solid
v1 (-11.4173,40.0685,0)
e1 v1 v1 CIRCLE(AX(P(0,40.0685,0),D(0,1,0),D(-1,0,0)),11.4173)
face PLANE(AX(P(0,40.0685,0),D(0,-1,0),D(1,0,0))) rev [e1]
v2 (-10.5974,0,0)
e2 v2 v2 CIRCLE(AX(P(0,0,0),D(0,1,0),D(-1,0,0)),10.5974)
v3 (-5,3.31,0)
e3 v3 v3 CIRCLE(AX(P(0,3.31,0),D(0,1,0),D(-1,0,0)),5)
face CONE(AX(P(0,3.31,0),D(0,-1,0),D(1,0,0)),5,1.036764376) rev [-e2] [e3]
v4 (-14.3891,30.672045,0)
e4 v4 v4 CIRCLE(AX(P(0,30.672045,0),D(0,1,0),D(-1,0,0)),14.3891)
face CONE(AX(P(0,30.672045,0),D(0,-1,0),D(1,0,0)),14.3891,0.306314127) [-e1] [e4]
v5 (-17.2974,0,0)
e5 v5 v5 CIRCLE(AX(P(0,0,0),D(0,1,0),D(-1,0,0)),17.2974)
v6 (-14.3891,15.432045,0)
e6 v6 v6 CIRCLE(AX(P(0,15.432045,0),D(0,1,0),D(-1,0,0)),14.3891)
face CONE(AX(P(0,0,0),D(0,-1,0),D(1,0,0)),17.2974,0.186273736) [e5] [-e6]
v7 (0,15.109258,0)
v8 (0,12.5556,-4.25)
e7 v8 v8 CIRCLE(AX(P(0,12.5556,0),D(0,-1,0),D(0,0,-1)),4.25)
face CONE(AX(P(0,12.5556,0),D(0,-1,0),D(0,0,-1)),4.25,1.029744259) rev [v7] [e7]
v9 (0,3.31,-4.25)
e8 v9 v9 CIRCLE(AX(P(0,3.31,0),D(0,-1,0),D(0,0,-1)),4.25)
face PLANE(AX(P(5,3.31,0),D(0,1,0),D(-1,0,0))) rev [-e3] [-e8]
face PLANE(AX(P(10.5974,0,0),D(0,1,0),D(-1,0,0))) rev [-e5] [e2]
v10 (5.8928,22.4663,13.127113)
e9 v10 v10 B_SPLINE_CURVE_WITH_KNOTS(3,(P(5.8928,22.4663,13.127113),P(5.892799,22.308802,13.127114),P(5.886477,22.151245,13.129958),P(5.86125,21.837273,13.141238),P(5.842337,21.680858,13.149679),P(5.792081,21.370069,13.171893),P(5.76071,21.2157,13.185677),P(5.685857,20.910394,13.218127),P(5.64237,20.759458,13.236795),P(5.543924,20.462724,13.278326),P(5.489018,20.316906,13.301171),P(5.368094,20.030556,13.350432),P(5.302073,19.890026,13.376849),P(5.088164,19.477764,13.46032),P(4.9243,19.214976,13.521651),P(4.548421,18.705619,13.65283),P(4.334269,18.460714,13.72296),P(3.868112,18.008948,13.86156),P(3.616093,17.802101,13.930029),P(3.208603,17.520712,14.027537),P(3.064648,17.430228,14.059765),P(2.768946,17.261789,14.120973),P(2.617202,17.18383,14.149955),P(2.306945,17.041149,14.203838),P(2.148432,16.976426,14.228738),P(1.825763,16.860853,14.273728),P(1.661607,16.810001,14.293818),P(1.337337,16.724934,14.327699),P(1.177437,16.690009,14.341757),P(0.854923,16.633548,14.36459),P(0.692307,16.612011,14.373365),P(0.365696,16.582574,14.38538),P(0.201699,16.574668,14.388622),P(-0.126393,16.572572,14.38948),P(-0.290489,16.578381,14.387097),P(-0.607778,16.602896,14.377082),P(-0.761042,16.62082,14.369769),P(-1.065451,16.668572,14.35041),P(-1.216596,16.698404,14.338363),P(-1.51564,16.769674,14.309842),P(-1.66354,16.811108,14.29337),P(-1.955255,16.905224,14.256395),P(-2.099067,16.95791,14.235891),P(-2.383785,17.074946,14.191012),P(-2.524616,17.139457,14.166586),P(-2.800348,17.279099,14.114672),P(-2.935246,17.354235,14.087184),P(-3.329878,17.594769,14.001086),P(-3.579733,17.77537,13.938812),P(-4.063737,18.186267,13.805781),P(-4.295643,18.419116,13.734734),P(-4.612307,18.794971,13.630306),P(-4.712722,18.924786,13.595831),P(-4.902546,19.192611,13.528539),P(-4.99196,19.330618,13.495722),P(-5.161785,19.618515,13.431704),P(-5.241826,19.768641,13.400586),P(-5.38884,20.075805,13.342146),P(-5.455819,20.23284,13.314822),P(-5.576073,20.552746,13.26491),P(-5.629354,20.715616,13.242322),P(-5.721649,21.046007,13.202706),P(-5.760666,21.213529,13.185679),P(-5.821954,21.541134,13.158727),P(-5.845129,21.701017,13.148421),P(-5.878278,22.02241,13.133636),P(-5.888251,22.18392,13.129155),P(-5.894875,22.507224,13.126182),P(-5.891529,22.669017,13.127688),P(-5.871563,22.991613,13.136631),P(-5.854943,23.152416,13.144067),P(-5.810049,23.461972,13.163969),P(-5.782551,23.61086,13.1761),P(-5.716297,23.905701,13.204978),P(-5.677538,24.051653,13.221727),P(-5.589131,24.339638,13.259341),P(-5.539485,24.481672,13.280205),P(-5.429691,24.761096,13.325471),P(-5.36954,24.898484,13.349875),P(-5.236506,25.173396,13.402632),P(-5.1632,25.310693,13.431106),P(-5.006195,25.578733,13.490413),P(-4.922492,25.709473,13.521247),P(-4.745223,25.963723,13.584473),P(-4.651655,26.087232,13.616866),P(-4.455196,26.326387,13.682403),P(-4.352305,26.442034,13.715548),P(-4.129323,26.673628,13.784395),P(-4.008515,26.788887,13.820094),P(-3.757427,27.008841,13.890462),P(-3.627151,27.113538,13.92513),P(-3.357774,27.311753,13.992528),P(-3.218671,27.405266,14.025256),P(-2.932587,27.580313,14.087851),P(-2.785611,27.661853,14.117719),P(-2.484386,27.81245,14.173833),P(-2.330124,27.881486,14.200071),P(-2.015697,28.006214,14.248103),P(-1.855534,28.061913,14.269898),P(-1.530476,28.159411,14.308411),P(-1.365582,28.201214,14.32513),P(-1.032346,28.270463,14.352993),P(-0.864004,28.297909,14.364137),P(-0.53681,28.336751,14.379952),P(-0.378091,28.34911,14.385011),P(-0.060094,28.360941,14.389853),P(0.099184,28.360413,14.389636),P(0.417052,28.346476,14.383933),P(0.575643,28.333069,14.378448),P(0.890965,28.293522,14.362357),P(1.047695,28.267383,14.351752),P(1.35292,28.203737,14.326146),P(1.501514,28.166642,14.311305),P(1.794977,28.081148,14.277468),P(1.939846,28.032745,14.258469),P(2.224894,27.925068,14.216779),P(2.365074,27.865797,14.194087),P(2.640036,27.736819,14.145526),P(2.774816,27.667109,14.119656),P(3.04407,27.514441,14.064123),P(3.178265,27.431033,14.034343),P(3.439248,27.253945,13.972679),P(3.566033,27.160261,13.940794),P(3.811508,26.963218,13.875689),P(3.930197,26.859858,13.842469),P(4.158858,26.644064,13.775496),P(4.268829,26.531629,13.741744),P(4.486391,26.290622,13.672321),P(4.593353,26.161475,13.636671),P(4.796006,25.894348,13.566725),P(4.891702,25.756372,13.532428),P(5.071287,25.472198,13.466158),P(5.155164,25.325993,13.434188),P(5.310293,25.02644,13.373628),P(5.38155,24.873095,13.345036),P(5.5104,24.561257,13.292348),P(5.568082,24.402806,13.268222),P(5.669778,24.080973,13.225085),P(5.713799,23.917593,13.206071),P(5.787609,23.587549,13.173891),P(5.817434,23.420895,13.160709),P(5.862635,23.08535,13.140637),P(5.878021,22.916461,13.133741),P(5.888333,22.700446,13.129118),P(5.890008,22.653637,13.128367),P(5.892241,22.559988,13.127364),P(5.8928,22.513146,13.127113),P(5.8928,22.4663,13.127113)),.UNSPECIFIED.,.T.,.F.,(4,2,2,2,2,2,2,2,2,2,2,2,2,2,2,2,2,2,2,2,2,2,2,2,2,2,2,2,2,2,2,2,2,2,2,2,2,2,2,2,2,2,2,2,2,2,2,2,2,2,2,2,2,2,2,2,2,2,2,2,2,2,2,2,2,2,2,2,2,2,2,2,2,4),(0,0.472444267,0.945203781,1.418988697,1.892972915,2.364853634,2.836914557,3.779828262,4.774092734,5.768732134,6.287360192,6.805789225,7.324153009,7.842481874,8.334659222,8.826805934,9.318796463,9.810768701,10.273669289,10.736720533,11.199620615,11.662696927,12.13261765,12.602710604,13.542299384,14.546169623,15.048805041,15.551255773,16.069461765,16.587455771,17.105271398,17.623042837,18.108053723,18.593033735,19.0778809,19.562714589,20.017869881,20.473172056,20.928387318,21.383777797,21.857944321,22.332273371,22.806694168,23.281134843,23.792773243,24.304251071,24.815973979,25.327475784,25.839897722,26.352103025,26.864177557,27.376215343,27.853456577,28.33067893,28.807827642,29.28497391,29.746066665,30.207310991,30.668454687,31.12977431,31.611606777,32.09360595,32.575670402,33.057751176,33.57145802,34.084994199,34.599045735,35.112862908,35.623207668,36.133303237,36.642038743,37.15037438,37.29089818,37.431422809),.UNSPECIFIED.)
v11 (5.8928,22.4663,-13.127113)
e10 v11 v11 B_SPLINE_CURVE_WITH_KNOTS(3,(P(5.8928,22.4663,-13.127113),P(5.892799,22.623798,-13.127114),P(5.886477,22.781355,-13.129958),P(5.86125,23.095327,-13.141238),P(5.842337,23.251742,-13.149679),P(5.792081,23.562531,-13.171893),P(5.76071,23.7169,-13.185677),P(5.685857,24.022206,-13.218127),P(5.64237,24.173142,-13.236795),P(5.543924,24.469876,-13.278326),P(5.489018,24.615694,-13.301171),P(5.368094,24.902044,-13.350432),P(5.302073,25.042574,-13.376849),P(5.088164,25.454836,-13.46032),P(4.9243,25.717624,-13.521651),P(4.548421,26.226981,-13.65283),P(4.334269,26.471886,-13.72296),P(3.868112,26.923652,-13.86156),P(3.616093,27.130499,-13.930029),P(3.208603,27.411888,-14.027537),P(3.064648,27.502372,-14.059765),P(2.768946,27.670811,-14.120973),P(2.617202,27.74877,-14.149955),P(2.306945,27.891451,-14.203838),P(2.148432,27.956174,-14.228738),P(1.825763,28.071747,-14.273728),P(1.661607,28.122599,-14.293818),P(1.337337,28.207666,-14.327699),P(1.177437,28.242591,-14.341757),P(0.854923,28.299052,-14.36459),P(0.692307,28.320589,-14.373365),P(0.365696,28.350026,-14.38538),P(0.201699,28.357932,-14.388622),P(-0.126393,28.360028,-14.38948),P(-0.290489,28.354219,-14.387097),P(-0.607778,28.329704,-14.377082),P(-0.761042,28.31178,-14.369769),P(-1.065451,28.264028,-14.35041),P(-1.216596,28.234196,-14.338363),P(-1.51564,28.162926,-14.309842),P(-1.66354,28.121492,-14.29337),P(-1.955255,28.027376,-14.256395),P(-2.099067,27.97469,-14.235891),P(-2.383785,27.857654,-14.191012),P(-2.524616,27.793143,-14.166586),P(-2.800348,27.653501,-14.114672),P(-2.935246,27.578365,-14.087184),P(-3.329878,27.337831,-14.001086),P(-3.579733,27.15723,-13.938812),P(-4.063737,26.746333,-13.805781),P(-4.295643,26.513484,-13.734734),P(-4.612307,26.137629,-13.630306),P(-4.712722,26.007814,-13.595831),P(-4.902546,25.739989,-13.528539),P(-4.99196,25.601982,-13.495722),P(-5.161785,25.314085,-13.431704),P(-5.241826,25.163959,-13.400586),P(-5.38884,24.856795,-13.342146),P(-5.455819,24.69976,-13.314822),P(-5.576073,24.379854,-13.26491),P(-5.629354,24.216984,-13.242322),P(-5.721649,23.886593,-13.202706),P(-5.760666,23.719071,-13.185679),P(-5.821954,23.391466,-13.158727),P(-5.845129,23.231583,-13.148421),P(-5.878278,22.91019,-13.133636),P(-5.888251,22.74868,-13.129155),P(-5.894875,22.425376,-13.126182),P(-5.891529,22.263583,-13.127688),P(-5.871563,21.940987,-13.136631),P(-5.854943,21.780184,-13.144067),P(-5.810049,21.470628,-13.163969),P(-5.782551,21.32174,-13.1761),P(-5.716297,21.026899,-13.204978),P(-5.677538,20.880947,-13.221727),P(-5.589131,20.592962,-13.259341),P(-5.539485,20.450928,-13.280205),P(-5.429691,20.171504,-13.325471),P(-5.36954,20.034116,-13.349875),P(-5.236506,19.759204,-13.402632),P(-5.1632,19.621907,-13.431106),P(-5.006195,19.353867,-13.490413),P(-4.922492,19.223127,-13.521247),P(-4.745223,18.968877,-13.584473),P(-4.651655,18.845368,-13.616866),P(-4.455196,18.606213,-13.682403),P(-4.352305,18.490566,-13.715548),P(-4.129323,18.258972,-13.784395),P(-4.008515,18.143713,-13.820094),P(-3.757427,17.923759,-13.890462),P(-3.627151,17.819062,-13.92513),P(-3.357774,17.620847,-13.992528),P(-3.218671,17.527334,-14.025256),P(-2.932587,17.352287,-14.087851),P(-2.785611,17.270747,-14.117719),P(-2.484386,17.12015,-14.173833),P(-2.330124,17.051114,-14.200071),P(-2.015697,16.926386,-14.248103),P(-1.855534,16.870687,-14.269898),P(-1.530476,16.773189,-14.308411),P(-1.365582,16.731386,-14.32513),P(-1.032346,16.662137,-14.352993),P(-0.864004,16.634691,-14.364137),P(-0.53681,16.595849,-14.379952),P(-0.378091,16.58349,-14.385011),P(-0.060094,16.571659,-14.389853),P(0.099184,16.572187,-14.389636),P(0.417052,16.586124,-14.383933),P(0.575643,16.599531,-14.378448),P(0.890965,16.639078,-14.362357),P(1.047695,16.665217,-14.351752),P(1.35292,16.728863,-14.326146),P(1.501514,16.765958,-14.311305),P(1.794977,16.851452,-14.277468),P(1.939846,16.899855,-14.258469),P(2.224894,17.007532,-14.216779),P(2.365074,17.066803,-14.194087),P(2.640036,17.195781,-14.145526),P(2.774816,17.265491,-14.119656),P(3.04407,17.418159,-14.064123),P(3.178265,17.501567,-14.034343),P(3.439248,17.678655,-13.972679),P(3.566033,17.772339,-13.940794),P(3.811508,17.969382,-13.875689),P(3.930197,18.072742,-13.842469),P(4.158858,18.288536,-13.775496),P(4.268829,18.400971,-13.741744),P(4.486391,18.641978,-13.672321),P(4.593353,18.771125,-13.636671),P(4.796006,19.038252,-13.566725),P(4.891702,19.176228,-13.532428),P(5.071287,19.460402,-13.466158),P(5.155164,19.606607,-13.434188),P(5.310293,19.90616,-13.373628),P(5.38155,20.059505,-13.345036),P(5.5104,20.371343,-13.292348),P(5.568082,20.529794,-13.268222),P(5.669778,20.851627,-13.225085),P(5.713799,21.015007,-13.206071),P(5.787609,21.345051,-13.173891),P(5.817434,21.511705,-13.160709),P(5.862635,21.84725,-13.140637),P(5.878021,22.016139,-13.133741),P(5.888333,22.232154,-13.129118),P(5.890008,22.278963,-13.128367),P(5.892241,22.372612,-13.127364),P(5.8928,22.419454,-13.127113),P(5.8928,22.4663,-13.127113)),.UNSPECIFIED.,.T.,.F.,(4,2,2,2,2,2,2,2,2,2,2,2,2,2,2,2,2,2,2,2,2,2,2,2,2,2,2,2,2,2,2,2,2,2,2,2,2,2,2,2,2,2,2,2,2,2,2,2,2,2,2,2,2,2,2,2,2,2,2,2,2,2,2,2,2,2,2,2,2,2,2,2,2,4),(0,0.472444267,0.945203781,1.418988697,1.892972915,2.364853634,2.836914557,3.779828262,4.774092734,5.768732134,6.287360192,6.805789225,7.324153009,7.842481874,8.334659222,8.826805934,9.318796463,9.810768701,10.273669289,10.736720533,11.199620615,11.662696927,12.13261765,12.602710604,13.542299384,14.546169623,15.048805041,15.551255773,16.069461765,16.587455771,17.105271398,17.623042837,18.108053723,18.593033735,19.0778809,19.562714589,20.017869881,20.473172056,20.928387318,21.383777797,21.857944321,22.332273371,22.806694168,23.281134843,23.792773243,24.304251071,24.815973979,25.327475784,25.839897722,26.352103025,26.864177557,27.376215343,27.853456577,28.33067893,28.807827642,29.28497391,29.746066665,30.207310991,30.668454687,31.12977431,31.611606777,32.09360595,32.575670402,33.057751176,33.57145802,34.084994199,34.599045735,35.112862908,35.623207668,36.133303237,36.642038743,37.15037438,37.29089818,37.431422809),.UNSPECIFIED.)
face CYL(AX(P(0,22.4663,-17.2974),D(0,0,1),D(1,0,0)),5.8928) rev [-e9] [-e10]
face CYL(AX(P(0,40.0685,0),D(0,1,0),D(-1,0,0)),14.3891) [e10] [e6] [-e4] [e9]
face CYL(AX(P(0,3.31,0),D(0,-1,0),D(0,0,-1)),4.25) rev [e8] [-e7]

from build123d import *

# Parameters (mm, degrees)
CUT_EXTRUDE1_DEPTH         = 47.945551288
CUT_EXTRUDE1_DEPTH_BACK    = 47.945551288
SKETCH2_R                  = 5.8928
M10X1_5_TAPPED_HOLE1_D     = 8.5
M10X1_5_TAPPED_HOLE1_DEPTH = 9.2456
M10X1_5_TAPPED_HOLE1_TIP   = 2.553657631


with BuildPart() as part:
    # Sketch1 → Revolve1 (revolve)
    with BuildSketch(Plane.XY, mode=Mode.PRIVATE) as revolve1_sk:
        Polygon((0, 40.0685), (0, 3.31), (5, 3.31), (10.5974, 0), (17.2974, 0), (14.3891, 15.432044722), (14.3891, 30.672044722), (11.4173, 40.0685), align=None)
    revolve(revolve1_sk.sketch.rotate(Axis((0, 40.0685, 0), (0, -1, 0)), 180), axis=Axis((0, 40.0685, 0), (0, -1, 0)))

    # Sketch2 → Cut-Extrude1 (cut, two sides: drawn at the far end of the back side and taken through both)
    with BuildSketch(Plane.XY.offset(-CUT_EXTRUDE1_DEPTH_BACK)):
        with Locations((0, 22.4663)):
            Circle(SKETCH2_R)
    extrude(amount=CUT_EXTRUDE1_DEPTH + CUT_EXTRUDE1_DEPTH_BACK, mode=Mode.SUBTRACT)

    # M10x1.5 Tapped Hole1
    with Locations(Plane(origin=(0, 3.31, 0), x_dir=(-1, 0, 0), z_dir=(0, -1, 0))):
        with Locations((0, 0)):
            Hole(M10X1_5_TAPPED_HOLE1_D / 2, depth=M10X1_5_TAPPED_HOLE1_DEPTH)
            with Locations((0, 0, -(M10X1_5_TAPPED_HOLE1_DEPTH + M10X1_5_TAPPED_HOLE1_TIP / 2))):  # 118° drill point
                Cone(0, M10X1_5_TAPPED_HOLE1_D / 2, M10X1_5_TAPPED_HOLE1_TIP, mode=Mode.SUBTRACT)


solid = part.part
